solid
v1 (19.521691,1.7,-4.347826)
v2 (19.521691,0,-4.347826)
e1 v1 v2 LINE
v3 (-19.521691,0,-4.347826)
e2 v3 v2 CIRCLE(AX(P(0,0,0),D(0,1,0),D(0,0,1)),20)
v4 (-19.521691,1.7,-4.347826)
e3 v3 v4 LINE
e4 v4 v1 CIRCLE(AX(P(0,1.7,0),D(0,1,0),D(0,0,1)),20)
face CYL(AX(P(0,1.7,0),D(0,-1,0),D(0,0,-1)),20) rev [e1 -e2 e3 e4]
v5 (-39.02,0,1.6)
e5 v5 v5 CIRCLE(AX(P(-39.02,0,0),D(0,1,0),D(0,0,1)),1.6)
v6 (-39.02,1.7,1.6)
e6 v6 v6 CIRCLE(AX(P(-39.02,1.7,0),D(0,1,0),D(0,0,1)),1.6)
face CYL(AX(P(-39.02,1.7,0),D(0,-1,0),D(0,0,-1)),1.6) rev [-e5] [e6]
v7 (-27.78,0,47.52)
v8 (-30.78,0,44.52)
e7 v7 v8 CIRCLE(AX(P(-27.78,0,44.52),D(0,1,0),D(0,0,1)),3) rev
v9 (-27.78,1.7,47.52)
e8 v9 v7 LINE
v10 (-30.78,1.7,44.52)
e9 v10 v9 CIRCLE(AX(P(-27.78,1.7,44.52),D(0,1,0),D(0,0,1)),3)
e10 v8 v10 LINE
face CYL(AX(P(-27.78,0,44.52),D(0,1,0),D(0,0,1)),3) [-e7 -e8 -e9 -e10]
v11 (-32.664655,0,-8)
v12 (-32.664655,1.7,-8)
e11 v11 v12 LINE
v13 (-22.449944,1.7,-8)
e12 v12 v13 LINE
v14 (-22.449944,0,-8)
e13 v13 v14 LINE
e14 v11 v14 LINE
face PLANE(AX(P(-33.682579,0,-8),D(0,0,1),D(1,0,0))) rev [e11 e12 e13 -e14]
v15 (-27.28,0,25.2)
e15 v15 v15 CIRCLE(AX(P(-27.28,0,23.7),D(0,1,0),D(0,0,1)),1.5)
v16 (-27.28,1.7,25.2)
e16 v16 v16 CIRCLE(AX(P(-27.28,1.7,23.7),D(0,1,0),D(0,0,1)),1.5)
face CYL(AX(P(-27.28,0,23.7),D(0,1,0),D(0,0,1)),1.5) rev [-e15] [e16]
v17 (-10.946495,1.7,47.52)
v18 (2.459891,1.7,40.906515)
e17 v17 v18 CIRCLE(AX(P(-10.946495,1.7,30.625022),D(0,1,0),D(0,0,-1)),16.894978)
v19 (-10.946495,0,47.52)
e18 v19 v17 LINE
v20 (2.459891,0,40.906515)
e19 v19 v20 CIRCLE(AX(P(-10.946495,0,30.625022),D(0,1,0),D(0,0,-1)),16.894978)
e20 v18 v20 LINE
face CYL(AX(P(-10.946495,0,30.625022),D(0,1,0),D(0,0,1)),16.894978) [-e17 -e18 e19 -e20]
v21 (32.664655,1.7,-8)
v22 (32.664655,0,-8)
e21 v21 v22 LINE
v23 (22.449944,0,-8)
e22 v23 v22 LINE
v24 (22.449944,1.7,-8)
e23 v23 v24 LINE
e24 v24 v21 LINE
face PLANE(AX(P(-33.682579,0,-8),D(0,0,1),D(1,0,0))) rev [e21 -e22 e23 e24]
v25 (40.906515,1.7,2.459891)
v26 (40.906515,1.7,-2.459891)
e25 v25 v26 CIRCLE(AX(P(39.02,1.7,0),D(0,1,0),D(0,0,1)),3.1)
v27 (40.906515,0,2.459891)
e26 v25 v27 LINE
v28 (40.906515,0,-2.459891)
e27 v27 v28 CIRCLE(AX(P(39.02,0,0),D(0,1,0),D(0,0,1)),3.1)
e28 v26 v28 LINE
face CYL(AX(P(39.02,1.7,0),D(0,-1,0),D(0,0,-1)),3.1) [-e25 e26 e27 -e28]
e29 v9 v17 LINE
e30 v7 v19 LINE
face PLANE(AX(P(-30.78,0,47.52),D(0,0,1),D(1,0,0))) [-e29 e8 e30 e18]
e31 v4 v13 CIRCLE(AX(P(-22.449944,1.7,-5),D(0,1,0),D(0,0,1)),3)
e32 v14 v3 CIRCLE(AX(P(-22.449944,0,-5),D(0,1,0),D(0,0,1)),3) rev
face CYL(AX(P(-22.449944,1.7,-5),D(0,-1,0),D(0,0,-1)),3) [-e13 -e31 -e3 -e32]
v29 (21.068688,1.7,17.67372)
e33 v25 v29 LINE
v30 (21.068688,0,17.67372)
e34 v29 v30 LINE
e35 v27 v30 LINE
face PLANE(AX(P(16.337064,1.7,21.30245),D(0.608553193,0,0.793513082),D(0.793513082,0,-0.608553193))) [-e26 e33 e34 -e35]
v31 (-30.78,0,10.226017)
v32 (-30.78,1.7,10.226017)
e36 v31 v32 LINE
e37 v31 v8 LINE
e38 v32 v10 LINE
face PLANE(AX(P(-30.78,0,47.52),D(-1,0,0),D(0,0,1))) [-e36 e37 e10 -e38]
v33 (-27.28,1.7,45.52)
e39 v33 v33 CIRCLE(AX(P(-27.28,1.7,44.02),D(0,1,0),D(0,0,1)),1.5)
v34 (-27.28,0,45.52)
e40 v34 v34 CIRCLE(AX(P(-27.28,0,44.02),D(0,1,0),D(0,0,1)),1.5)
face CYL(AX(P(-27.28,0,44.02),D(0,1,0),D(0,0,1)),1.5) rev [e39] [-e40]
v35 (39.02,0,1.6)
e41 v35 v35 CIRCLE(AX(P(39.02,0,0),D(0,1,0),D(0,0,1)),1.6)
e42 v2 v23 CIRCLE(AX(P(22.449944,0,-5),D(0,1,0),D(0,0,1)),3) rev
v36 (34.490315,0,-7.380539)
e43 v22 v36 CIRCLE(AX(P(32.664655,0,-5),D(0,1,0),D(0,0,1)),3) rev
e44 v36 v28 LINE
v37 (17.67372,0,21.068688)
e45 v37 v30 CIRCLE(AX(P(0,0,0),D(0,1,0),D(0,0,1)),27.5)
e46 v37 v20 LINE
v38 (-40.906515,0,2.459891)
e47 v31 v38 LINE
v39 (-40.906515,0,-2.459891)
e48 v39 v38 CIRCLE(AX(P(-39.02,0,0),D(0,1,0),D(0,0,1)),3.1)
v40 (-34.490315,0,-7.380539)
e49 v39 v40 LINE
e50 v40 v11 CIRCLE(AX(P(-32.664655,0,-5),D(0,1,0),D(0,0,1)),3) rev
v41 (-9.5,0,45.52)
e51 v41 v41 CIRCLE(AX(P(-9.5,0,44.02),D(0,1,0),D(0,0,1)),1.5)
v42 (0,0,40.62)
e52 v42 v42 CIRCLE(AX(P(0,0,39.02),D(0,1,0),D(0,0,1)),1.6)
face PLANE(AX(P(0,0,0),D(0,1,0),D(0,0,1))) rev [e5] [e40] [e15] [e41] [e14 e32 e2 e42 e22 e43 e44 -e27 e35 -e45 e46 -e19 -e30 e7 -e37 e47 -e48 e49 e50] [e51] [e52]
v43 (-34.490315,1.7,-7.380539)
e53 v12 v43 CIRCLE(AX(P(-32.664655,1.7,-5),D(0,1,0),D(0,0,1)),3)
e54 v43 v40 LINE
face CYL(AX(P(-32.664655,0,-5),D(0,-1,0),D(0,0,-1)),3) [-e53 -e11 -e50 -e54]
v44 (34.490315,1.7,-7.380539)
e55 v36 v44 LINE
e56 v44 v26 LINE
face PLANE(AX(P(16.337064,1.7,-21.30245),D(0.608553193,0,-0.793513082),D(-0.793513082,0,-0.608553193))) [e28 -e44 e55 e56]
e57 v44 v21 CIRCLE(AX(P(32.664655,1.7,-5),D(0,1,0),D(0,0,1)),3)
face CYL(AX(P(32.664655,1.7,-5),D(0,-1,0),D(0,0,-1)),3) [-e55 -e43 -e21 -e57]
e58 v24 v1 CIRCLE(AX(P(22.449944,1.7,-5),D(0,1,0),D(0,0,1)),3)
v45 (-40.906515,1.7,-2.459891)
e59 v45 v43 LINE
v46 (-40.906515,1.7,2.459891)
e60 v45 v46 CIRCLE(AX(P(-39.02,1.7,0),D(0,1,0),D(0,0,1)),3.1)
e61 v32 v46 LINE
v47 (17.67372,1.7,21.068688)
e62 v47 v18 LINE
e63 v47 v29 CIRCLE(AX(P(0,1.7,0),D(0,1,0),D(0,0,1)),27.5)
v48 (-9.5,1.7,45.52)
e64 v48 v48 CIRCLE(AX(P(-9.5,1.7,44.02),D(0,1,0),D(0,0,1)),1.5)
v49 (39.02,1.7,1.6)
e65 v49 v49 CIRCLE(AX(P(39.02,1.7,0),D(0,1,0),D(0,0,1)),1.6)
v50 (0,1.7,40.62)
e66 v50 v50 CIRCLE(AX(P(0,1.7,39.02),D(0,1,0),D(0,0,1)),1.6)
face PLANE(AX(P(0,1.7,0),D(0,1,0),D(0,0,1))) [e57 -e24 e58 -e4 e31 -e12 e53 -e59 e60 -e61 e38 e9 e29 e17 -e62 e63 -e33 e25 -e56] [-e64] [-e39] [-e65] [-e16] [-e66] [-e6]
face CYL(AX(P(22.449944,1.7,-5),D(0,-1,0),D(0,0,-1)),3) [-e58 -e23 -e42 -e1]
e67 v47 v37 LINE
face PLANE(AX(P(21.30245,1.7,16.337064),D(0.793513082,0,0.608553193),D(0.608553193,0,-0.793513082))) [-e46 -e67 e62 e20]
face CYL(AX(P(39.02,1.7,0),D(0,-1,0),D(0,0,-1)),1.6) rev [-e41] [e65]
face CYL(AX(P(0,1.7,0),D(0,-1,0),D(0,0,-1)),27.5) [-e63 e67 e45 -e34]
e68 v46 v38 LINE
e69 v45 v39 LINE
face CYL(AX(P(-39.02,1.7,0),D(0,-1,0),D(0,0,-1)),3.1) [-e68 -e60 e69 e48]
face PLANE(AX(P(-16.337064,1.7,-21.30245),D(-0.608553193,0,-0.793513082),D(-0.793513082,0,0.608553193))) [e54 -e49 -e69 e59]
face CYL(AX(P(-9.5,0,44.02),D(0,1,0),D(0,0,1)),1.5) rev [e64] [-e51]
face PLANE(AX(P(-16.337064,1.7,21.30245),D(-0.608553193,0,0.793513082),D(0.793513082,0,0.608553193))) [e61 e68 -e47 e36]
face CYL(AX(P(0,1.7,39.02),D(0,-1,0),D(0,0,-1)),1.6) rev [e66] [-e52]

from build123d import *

# Parameters (mm, degrees)
SKETCH1_R           = 1.6
SKETCH1_R_2         = 20
BOSS_EXTRUDE2_DEPTH = 1.7
BOSS_EXTRUDE3_START = -1.7
SKETCH2_R           = 1.5
BOSS_EXTRUDE3_DEPTH = 1.7
SKETCH3_W           = 67.365157796
SKETCH3_H           = 36
CUT_EXTRUDE1_DEPTH  = 1.7
FILLET1_R           = 3


with BuildPart() as part:
    # Sketch1 → Boss-Extrude2 (new body)
    with BuildSketch(Plane(origin=(0, 0, 0), x_dir=(1, 0, 0), z_dir=(0, 1, 0))):
        with BuildLine():
            Line((-17.673720383, -21.068687852), (-2.459890554, -40.906514899))
            ThreePointArc((-2.459890554, -40.906514899), (0, -42.12), (2.459890554, -40.906514899))
            Line((2.459890554, -40.906514899), (17.673720383, -21.068687852))
            ThreePointArc((17.673720383, -21.068687852), (19.445436483, -19.445436483), (21.068687852, -17.673720383))
            Line((21.068687852, -17.673720383), (40.906514899, -2.459890554))
            ThreePointArc((40.906514899, -2.459890554), (42.12, 0), (40.906514899, 2.459890554))
            Line((40.906514899, 2.459890554), (21.068687852, 17.673720383))
            ThreePointArc((21.068687852, 17.673720383), (19.445436483, 19.445436483), (17.673720383, 21.068687852))
            Line((17.673720383, 21.068687852), (2.459890554, 40.906514899))
            ThreePointArc((2.459890554, 40.906514899), (0, 42.12), (-2.459890554, 40.906514899))
            Line((-2.459890554, 40.906514899), (-17.673720383, 21.068687852))
            ThreePointArc((-17.673720383, 21.068687852), (-19.445436483, 19.445436483), (-21.068687852, 17.673720383))
            Line((-21.068687852, 17.673720383), (-40.906514899, 2.459890554))
            ThreePointArc((-40.906514899, 2.459890554), (-42.12, 0), (-40.906514899, -2.459890554))
            Line((-40.906514899, -2.459890554), (-21.068687852, -17.673720383))
            ThreePointArc((-21.068687852, -17.673720383), (-19.445436483, -19.445436483), (-17.673720383, -21.068687852))
        make_face()
        with Locations(Location((0, -39.02, 0), (0, 0, 270))):
            Circle(SKETCH1_R, mode=Mode.SUBTRACT)
        with Locations(Location((0, 0, 0), (0, 0, 270))):
            Circle(SKETCH1_R_2, mode=Mode.SUBTRACT)
        with Locations(Location((-39.02, 0, 0), (0, 0, 270))):
            Circle(SKETCH1_R, mode=Mode.SUBTRACT)
        with Locations(Location((39.02, 0, 0), (0, 0, 270))):
            Circle(SKETCH1_R, mode=Mode.SUBTRACT)
        with Locations(Location((0, 39.02, 0), (0, 0, 270))):
            Circle(SKETCH1_R, mode=Mode.SUBTRACT)
    extrude(amount=BOSS_EXTRUDE2_DEPTH)

    # Sketch2 → Boss-Extrude3 (add)
    with BuildSketch(Plane(origin=(0, 1.7, 0), x_dir=(1, 0, 0), z_dir=(0, 1, 0)).offset(BOSS_EXTRUDE3_START)):
        with BuildLine():
            Line((-30.78, -47.52), (-30.78, -10.226017059))
            Line((-30.78, -10.226017059), (-21.068687852, -17.673720383))
            ThreePointArc((-21.068687852, -17.673720383), (-19.445436483, -19.445436483), (-17.673720383, -21.068687852))
            Line((-17.673720383, -21.068687852), (-2.459890554, -40.906514899))
            ThreePointArc((-2.459890554, -40.906514899), (0, -42.12), (2.459890554, -40.906514899))
            ThreePointArc((2.459890554, -40.906514899), (-3.472049402, -45.77668656), (-10.946495328, -47.52))
            Line((-10.946495328, -47.52), (-30.78, -47.52))
        make_face()
        with Locations(Location((-9.5, -44.02, 0), (0, 0, 270))):
            Circle(SKETCH2_R, mode=Mode.SUBTRACT)
        with Locations(Location((-27.28, -44.02, 0), (0, 0, 270))):
            Circle(SKETCH2_R, mode=Mode.SUBTRACT)
        with Locations(Location((-27.28, -23.7, 0), (0, 0, 270))):
            Circle(SKETCH2_R, mode=Mode.SUBTRACT)
    extrude(amount=BOSS_EXTRUDE3_DEPTH)

    # Sketch3 → Cut-Extrude1 (cut)
    with BuildSketch(Plane(origin=(0, 1.7, 0), x_dir=(1, 0, 0), z_dir=(0, 1, 0))):
        with Locations((0, 26)):
            Rectangle(SKETCH3_W, SKETCH3_H)
    extrude(amount=-CUT_EXTRUDE1_DEPTH, mode=Mode.SUBTRACT)

    # Fillet1
    fillet1_edges = [part.edges().sort_by_distance(p)[0] for p in [
        (-18.33030278, 0.85, -8),
        (18.33030278, 0.85, -8),
        (-33.682578898, 0.85, -8),
        (33.682578898, 0.85, -8),
        (-30.78, 0.85, 47.52),
    ]]
    fillet(fillet1_edges, radius=FILLET1_R)


solid = part.part
